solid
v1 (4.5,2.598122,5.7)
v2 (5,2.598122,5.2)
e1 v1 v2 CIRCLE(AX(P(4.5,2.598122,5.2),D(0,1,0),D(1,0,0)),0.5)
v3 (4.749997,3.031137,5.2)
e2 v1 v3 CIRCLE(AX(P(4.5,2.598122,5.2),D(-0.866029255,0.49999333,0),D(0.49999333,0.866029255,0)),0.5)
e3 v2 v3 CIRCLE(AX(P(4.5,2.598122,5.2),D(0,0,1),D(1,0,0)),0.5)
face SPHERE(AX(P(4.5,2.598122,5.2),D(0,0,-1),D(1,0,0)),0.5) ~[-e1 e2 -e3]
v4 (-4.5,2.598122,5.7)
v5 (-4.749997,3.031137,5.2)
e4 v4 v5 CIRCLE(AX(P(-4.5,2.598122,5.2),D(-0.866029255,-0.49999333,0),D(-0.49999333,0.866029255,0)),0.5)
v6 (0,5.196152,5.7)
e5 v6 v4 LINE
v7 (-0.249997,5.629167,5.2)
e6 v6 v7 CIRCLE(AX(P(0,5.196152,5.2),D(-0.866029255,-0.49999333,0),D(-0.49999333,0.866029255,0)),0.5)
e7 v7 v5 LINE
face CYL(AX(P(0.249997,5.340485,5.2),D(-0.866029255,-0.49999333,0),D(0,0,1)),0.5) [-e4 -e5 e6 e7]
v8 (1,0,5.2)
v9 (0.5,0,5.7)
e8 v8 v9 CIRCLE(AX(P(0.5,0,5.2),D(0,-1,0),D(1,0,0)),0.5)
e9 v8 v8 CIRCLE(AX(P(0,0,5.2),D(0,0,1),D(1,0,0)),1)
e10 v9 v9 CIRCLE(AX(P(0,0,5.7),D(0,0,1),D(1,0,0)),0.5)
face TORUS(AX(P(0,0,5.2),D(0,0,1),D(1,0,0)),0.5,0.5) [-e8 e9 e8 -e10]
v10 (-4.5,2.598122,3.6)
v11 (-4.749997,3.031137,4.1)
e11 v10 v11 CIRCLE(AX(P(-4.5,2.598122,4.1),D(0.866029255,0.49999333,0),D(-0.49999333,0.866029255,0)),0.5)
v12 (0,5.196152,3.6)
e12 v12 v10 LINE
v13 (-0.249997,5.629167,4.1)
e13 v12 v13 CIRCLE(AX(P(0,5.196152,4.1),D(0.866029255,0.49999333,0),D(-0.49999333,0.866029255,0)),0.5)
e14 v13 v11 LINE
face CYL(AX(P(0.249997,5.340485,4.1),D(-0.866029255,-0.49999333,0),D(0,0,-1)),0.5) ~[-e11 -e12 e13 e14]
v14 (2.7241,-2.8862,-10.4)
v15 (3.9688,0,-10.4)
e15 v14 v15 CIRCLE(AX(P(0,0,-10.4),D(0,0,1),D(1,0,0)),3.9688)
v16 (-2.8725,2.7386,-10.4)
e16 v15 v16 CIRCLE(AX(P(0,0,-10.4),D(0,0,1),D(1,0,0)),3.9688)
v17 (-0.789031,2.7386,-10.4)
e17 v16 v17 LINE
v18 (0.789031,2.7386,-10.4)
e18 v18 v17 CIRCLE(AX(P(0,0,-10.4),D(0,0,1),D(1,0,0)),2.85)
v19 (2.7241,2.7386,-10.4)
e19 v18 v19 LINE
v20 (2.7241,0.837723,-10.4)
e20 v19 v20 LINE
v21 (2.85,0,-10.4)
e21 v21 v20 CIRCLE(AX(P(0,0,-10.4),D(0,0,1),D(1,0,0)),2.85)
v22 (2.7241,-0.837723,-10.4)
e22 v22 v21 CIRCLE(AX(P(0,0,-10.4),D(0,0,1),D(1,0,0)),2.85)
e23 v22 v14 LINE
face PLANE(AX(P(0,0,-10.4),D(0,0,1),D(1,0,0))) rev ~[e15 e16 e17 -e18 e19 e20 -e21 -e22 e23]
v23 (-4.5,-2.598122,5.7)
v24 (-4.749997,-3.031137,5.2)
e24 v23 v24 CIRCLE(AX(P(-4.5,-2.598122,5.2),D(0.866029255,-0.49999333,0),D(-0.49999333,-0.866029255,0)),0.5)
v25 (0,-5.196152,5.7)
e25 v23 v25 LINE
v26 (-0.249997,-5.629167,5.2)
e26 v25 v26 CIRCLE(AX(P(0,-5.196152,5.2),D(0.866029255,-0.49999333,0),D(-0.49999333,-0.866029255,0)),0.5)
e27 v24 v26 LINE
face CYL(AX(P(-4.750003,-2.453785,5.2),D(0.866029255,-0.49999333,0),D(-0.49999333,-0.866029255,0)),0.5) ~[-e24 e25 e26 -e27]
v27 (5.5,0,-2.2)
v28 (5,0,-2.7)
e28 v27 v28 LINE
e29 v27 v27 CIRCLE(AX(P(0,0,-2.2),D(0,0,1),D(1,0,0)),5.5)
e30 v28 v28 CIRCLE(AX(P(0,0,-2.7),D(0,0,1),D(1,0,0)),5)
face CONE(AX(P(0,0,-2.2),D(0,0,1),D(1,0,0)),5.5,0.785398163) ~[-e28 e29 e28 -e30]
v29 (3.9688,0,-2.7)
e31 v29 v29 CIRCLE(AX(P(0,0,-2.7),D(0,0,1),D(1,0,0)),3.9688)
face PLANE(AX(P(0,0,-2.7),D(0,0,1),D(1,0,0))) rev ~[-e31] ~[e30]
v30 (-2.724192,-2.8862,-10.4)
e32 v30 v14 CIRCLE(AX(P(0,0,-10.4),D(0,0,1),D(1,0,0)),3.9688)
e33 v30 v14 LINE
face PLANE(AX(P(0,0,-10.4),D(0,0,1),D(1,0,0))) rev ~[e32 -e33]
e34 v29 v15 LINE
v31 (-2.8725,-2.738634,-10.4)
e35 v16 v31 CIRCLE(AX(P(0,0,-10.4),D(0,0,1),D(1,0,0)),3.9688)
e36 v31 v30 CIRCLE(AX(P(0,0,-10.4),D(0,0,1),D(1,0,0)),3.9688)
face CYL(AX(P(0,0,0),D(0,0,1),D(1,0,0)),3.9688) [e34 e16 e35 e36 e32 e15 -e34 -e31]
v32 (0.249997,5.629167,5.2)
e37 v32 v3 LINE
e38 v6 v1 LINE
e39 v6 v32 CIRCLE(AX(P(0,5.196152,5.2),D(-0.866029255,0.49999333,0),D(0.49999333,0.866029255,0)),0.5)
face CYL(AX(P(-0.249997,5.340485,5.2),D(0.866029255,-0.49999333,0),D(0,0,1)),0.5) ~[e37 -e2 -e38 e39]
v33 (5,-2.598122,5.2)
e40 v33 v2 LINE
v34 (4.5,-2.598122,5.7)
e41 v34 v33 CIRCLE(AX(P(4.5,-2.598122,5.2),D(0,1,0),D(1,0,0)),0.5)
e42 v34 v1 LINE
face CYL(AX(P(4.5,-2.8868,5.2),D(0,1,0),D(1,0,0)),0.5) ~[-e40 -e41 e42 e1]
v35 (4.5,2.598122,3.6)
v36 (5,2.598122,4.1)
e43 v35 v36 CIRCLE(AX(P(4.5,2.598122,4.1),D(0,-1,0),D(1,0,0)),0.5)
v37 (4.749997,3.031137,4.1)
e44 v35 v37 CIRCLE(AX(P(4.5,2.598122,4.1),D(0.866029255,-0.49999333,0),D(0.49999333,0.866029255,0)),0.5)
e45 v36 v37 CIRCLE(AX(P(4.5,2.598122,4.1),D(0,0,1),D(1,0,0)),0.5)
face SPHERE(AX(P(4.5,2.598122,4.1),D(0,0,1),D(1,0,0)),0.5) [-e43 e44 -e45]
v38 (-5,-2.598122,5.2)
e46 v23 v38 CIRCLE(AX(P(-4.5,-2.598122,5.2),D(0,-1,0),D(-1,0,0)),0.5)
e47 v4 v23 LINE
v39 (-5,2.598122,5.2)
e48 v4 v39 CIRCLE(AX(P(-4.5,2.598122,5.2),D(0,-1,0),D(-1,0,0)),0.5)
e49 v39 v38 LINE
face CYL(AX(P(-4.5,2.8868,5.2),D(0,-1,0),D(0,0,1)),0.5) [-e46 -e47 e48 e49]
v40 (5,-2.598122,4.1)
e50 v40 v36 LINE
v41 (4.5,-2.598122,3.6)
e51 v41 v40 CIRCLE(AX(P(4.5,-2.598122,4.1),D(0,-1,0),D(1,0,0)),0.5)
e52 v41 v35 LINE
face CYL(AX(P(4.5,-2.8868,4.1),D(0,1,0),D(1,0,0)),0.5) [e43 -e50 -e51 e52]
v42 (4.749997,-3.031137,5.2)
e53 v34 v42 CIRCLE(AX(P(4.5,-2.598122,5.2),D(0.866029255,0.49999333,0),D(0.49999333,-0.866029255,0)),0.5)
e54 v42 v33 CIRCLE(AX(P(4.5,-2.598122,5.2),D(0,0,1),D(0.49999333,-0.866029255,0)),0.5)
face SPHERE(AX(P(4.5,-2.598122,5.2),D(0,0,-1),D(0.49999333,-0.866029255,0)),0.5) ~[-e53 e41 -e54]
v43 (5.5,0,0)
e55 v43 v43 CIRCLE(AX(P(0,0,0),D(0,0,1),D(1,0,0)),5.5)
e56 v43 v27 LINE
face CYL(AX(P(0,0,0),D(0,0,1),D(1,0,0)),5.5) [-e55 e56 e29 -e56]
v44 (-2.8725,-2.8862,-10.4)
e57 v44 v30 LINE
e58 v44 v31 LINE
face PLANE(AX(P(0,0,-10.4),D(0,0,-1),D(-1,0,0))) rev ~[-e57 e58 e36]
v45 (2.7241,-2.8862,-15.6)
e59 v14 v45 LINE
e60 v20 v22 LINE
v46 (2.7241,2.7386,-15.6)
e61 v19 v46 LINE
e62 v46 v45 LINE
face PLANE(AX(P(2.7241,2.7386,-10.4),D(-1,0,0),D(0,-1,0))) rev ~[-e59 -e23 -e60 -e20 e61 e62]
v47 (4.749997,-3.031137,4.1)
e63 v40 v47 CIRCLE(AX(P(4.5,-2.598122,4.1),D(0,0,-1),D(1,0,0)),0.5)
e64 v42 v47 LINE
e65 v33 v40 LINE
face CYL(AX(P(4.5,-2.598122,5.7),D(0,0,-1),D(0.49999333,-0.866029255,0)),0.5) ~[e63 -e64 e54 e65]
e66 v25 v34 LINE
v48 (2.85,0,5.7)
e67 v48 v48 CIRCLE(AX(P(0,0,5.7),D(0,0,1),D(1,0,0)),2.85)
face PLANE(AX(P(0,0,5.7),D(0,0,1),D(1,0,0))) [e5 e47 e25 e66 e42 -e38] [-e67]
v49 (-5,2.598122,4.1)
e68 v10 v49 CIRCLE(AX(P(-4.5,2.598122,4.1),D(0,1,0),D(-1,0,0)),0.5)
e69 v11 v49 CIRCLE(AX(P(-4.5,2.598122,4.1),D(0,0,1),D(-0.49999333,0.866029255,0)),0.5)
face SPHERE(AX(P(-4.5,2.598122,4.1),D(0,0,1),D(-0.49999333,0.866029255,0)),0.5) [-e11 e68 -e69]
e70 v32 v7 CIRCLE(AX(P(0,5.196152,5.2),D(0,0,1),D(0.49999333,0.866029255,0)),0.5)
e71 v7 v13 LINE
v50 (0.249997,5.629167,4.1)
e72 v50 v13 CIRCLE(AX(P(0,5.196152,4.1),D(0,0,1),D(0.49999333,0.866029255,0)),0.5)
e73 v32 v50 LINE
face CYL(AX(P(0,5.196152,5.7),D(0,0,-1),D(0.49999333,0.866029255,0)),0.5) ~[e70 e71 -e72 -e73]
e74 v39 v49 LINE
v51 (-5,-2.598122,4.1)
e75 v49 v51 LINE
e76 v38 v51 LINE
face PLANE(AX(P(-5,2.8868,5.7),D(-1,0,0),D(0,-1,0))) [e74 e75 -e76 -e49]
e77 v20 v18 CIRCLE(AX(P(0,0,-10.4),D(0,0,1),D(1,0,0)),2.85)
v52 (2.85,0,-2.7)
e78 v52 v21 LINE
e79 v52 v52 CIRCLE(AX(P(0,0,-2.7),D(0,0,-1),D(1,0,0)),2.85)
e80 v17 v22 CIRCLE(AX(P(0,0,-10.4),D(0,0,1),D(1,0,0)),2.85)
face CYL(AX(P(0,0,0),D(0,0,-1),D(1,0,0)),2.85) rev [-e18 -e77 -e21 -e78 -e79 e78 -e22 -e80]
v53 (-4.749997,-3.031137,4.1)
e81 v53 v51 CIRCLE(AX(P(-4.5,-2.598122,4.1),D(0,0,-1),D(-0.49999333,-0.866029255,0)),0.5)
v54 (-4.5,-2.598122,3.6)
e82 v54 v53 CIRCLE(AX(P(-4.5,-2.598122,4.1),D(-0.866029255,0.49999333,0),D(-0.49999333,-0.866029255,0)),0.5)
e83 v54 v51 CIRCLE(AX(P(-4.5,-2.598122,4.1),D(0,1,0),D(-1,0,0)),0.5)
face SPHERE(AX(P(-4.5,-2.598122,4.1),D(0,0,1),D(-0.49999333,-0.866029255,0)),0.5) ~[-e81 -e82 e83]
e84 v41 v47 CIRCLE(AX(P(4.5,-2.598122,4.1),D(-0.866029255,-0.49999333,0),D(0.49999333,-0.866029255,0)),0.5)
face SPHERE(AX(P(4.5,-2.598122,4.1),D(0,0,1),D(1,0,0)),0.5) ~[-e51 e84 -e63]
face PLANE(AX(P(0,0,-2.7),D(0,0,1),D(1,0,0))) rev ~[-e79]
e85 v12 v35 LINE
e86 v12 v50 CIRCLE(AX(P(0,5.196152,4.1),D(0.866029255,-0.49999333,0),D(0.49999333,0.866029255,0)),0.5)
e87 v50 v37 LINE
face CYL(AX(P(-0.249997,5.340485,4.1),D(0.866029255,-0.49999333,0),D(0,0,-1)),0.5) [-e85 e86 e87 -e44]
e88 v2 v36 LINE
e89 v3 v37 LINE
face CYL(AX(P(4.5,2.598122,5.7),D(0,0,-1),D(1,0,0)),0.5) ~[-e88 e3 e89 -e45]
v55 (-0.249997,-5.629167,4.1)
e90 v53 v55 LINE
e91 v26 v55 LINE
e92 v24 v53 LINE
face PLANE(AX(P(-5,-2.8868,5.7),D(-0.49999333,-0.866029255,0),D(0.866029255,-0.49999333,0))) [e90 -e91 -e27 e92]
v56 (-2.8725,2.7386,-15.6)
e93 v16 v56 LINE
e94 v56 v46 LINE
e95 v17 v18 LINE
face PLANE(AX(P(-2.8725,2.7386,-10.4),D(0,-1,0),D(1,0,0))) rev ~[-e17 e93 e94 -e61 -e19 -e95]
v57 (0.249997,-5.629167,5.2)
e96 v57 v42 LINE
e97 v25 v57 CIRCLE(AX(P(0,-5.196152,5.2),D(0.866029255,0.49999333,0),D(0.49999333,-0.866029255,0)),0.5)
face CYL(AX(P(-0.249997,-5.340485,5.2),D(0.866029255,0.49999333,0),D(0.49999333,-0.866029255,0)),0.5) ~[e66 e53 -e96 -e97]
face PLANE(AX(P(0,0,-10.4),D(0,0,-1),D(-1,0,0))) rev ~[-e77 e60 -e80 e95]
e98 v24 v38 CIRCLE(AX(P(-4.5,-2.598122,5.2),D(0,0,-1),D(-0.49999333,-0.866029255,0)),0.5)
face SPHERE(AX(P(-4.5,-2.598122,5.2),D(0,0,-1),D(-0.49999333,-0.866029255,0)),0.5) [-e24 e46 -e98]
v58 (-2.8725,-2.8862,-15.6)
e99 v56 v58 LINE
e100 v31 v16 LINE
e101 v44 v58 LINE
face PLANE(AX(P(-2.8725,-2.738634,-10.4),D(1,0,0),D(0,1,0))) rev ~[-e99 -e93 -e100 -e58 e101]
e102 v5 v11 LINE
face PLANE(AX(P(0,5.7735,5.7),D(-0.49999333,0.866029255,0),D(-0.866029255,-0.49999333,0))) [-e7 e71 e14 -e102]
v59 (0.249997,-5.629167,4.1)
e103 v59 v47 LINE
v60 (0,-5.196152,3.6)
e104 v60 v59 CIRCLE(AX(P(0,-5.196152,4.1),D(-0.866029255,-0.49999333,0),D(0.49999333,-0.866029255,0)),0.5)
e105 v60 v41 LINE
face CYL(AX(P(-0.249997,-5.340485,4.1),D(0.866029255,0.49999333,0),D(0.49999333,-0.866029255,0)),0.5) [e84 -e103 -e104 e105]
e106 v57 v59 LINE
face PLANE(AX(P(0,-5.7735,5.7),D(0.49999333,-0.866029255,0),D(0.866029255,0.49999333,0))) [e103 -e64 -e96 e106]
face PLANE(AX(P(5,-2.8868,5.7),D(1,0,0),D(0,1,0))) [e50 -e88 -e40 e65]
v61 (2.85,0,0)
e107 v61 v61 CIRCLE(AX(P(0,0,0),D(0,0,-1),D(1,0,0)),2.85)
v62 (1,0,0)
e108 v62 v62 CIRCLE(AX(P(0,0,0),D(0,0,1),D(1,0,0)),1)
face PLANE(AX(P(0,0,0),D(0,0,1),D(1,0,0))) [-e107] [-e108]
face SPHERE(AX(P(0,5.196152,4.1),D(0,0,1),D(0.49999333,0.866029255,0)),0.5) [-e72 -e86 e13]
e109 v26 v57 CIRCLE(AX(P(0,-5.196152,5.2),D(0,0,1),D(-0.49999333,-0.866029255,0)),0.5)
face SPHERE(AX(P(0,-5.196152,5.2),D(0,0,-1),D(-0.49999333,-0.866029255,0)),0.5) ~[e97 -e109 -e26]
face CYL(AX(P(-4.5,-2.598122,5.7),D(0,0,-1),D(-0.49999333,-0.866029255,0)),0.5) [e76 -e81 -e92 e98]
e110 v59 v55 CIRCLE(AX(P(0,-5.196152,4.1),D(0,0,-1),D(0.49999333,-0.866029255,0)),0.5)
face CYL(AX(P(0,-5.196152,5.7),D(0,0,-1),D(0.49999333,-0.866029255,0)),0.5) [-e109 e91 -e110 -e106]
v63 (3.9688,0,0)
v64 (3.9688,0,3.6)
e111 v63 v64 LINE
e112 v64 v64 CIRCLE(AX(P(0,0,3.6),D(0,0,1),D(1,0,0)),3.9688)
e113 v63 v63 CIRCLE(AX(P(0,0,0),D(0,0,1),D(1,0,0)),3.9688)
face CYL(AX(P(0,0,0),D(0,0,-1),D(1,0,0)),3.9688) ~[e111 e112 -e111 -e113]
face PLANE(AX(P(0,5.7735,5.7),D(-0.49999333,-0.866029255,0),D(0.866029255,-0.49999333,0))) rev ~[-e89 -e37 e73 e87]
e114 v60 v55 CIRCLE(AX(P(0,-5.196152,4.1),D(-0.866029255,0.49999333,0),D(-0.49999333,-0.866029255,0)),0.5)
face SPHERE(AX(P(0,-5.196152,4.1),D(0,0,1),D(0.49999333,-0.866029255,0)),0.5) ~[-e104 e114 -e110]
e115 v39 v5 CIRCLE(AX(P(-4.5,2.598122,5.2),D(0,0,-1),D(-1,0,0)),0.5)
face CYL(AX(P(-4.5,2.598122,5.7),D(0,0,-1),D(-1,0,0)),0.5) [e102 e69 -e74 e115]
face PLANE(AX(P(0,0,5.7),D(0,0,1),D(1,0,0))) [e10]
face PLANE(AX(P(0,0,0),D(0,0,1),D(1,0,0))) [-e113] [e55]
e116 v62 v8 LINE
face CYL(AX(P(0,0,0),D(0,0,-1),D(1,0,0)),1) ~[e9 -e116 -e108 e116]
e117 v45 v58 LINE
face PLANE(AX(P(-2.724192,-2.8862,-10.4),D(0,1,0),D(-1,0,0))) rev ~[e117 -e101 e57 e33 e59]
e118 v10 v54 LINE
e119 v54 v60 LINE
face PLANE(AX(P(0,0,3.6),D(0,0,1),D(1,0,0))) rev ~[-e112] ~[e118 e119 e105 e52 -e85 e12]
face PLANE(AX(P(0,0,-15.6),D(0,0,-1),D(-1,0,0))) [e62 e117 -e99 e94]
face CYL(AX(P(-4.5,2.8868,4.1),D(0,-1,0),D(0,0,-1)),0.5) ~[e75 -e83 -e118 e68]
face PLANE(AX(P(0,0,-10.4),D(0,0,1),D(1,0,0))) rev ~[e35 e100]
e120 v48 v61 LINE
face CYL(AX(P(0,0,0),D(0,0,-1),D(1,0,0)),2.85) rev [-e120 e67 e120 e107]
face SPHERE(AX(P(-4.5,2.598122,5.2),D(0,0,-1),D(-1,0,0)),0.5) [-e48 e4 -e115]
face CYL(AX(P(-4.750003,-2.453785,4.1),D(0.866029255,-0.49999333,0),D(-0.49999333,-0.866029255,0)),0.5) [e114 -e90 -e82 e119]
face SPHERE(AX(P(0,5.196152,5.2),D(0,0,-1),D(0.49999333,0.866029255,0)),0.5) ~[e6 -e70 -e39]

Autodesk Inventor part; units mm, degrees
ref_plane "YZ Plane" through (0, 0, 0) normal (1, 0, 0) x (0, 1, 0)
ref_plane "XZ Plane" through (0, 0, 0) normal (0, 1, 0) x (-1, 0, 0)
ref_plane "XY Plane" through (0, 0, 0) normal (0, 0, 1) x (1, 0, 0)
sketch "Sketch1" plane through (0, 0, 0) normal (0, 0, 1) x (1, 0, 0)
  circle A0 centre (0, 0) radius 5.5
  circle A1 centre (0, 0) radius 1
  circle A2 centre (0, 0) radius 3.9688
  circle A3 centre (0, 0) radius 2.85
  dimension "d0" = 11
  dimension "d1" = 2
  dimension "d2" = 7.9375
  dimension "d3" = 5.7
extrude "Extrusion1" add sketch "Sketch1" along normal blind 5.7 and the other way blind 10.4 contours A2
extrude "Extrusion2" add sketch "Sketch1" against normal blind 2.7 contours A0
extrude "Extrusion3" add sketch "Sketch1" along normal blind 5.7 contours A1
extrude "Extrusion4" add sketch "Sketch1" against normal blind 2.7 contours A1 | A2 | A3
sketch "Sketch2" plane through (0, 0, -10.4) normal (0, 0, -1) x (-1, 0, 0)
  circle A0 centre (0, 0) radius 3.9688 projected
  line L0 (2.8725, 2.7386) -> (-2.7241, 2.7386)
  line L1 (-2.7241, 2.7386) -> (-2.7241, -2.8862)
  line L2 (-2.7241, -2.8862) -> (2.8725, -2.8862)
  line L3 (2.8725, -2.8862) -> (2.8725, 2.7386)
extrude "Extrusion5" add sketch "Sketch2" along normal blind 5.2 contours L3 A0 L2 L1 L0 | L3 L2 A0
sketch "Sketch3" plane through (0, 0, 5.7) normal (0, 0, 1) x (1, 0, 0)
  line L0 (5, -2.8868) -> (5, 2.8868)
  line L1 (0, 5.7735) -> (5, 2.8868)
  line L2 (0, 5.7735) -> (-5, 2.8868)
  line L3 (-5, 2.8868) -> (-5, -2.8868)
  line L4 (-5, -2.8868) -> (0, -5.7735)
  line L5 (0, -5.7735) -> (5, -2.8868)
  circle A0 centre (0, 0) radius 3.9688
extrude "Extrusion6" add sketch "Sketch3" against normal blind 2.1
fillet "Fillet1" radius 0.5 18 edges at (-2.5, -4.3301, 5.7) (2.5, -4.3301, 5.7) (2.5, -4.3301, 3.6) (-2.5, -4.3301, 3.6) (-5, 0, 3.6) (-5, 0, 5.7) (5, 0, 5.7) (2.5, 4.3301, 5.7) (-2.5, 4.3301, 5.7) (0, -5.7735, 4.65) (5, -2.8868, 4.65) (-5, -2.8868, 4.65) (-5, 2.8868, 4.65) (-2.5, 4.3301, 3.6) (0, 5.7735, 4.65) (2.5, 4.3301, 3.6) (5, 2.8868, 4.65) (5, 0, 3.6)
fillet "Fillet2" radius 0.5 1 edges at (-1, 0, 5.7)
chamfer "Chamfer1" distance 0.5 angle 45 1 edges at (-5.5, 0, -2.7)
thread "Thread1" size "5/16-12" class "2B" standard "Inch Tapping Threads" length 15.255
properties part number "Power_Socket"
